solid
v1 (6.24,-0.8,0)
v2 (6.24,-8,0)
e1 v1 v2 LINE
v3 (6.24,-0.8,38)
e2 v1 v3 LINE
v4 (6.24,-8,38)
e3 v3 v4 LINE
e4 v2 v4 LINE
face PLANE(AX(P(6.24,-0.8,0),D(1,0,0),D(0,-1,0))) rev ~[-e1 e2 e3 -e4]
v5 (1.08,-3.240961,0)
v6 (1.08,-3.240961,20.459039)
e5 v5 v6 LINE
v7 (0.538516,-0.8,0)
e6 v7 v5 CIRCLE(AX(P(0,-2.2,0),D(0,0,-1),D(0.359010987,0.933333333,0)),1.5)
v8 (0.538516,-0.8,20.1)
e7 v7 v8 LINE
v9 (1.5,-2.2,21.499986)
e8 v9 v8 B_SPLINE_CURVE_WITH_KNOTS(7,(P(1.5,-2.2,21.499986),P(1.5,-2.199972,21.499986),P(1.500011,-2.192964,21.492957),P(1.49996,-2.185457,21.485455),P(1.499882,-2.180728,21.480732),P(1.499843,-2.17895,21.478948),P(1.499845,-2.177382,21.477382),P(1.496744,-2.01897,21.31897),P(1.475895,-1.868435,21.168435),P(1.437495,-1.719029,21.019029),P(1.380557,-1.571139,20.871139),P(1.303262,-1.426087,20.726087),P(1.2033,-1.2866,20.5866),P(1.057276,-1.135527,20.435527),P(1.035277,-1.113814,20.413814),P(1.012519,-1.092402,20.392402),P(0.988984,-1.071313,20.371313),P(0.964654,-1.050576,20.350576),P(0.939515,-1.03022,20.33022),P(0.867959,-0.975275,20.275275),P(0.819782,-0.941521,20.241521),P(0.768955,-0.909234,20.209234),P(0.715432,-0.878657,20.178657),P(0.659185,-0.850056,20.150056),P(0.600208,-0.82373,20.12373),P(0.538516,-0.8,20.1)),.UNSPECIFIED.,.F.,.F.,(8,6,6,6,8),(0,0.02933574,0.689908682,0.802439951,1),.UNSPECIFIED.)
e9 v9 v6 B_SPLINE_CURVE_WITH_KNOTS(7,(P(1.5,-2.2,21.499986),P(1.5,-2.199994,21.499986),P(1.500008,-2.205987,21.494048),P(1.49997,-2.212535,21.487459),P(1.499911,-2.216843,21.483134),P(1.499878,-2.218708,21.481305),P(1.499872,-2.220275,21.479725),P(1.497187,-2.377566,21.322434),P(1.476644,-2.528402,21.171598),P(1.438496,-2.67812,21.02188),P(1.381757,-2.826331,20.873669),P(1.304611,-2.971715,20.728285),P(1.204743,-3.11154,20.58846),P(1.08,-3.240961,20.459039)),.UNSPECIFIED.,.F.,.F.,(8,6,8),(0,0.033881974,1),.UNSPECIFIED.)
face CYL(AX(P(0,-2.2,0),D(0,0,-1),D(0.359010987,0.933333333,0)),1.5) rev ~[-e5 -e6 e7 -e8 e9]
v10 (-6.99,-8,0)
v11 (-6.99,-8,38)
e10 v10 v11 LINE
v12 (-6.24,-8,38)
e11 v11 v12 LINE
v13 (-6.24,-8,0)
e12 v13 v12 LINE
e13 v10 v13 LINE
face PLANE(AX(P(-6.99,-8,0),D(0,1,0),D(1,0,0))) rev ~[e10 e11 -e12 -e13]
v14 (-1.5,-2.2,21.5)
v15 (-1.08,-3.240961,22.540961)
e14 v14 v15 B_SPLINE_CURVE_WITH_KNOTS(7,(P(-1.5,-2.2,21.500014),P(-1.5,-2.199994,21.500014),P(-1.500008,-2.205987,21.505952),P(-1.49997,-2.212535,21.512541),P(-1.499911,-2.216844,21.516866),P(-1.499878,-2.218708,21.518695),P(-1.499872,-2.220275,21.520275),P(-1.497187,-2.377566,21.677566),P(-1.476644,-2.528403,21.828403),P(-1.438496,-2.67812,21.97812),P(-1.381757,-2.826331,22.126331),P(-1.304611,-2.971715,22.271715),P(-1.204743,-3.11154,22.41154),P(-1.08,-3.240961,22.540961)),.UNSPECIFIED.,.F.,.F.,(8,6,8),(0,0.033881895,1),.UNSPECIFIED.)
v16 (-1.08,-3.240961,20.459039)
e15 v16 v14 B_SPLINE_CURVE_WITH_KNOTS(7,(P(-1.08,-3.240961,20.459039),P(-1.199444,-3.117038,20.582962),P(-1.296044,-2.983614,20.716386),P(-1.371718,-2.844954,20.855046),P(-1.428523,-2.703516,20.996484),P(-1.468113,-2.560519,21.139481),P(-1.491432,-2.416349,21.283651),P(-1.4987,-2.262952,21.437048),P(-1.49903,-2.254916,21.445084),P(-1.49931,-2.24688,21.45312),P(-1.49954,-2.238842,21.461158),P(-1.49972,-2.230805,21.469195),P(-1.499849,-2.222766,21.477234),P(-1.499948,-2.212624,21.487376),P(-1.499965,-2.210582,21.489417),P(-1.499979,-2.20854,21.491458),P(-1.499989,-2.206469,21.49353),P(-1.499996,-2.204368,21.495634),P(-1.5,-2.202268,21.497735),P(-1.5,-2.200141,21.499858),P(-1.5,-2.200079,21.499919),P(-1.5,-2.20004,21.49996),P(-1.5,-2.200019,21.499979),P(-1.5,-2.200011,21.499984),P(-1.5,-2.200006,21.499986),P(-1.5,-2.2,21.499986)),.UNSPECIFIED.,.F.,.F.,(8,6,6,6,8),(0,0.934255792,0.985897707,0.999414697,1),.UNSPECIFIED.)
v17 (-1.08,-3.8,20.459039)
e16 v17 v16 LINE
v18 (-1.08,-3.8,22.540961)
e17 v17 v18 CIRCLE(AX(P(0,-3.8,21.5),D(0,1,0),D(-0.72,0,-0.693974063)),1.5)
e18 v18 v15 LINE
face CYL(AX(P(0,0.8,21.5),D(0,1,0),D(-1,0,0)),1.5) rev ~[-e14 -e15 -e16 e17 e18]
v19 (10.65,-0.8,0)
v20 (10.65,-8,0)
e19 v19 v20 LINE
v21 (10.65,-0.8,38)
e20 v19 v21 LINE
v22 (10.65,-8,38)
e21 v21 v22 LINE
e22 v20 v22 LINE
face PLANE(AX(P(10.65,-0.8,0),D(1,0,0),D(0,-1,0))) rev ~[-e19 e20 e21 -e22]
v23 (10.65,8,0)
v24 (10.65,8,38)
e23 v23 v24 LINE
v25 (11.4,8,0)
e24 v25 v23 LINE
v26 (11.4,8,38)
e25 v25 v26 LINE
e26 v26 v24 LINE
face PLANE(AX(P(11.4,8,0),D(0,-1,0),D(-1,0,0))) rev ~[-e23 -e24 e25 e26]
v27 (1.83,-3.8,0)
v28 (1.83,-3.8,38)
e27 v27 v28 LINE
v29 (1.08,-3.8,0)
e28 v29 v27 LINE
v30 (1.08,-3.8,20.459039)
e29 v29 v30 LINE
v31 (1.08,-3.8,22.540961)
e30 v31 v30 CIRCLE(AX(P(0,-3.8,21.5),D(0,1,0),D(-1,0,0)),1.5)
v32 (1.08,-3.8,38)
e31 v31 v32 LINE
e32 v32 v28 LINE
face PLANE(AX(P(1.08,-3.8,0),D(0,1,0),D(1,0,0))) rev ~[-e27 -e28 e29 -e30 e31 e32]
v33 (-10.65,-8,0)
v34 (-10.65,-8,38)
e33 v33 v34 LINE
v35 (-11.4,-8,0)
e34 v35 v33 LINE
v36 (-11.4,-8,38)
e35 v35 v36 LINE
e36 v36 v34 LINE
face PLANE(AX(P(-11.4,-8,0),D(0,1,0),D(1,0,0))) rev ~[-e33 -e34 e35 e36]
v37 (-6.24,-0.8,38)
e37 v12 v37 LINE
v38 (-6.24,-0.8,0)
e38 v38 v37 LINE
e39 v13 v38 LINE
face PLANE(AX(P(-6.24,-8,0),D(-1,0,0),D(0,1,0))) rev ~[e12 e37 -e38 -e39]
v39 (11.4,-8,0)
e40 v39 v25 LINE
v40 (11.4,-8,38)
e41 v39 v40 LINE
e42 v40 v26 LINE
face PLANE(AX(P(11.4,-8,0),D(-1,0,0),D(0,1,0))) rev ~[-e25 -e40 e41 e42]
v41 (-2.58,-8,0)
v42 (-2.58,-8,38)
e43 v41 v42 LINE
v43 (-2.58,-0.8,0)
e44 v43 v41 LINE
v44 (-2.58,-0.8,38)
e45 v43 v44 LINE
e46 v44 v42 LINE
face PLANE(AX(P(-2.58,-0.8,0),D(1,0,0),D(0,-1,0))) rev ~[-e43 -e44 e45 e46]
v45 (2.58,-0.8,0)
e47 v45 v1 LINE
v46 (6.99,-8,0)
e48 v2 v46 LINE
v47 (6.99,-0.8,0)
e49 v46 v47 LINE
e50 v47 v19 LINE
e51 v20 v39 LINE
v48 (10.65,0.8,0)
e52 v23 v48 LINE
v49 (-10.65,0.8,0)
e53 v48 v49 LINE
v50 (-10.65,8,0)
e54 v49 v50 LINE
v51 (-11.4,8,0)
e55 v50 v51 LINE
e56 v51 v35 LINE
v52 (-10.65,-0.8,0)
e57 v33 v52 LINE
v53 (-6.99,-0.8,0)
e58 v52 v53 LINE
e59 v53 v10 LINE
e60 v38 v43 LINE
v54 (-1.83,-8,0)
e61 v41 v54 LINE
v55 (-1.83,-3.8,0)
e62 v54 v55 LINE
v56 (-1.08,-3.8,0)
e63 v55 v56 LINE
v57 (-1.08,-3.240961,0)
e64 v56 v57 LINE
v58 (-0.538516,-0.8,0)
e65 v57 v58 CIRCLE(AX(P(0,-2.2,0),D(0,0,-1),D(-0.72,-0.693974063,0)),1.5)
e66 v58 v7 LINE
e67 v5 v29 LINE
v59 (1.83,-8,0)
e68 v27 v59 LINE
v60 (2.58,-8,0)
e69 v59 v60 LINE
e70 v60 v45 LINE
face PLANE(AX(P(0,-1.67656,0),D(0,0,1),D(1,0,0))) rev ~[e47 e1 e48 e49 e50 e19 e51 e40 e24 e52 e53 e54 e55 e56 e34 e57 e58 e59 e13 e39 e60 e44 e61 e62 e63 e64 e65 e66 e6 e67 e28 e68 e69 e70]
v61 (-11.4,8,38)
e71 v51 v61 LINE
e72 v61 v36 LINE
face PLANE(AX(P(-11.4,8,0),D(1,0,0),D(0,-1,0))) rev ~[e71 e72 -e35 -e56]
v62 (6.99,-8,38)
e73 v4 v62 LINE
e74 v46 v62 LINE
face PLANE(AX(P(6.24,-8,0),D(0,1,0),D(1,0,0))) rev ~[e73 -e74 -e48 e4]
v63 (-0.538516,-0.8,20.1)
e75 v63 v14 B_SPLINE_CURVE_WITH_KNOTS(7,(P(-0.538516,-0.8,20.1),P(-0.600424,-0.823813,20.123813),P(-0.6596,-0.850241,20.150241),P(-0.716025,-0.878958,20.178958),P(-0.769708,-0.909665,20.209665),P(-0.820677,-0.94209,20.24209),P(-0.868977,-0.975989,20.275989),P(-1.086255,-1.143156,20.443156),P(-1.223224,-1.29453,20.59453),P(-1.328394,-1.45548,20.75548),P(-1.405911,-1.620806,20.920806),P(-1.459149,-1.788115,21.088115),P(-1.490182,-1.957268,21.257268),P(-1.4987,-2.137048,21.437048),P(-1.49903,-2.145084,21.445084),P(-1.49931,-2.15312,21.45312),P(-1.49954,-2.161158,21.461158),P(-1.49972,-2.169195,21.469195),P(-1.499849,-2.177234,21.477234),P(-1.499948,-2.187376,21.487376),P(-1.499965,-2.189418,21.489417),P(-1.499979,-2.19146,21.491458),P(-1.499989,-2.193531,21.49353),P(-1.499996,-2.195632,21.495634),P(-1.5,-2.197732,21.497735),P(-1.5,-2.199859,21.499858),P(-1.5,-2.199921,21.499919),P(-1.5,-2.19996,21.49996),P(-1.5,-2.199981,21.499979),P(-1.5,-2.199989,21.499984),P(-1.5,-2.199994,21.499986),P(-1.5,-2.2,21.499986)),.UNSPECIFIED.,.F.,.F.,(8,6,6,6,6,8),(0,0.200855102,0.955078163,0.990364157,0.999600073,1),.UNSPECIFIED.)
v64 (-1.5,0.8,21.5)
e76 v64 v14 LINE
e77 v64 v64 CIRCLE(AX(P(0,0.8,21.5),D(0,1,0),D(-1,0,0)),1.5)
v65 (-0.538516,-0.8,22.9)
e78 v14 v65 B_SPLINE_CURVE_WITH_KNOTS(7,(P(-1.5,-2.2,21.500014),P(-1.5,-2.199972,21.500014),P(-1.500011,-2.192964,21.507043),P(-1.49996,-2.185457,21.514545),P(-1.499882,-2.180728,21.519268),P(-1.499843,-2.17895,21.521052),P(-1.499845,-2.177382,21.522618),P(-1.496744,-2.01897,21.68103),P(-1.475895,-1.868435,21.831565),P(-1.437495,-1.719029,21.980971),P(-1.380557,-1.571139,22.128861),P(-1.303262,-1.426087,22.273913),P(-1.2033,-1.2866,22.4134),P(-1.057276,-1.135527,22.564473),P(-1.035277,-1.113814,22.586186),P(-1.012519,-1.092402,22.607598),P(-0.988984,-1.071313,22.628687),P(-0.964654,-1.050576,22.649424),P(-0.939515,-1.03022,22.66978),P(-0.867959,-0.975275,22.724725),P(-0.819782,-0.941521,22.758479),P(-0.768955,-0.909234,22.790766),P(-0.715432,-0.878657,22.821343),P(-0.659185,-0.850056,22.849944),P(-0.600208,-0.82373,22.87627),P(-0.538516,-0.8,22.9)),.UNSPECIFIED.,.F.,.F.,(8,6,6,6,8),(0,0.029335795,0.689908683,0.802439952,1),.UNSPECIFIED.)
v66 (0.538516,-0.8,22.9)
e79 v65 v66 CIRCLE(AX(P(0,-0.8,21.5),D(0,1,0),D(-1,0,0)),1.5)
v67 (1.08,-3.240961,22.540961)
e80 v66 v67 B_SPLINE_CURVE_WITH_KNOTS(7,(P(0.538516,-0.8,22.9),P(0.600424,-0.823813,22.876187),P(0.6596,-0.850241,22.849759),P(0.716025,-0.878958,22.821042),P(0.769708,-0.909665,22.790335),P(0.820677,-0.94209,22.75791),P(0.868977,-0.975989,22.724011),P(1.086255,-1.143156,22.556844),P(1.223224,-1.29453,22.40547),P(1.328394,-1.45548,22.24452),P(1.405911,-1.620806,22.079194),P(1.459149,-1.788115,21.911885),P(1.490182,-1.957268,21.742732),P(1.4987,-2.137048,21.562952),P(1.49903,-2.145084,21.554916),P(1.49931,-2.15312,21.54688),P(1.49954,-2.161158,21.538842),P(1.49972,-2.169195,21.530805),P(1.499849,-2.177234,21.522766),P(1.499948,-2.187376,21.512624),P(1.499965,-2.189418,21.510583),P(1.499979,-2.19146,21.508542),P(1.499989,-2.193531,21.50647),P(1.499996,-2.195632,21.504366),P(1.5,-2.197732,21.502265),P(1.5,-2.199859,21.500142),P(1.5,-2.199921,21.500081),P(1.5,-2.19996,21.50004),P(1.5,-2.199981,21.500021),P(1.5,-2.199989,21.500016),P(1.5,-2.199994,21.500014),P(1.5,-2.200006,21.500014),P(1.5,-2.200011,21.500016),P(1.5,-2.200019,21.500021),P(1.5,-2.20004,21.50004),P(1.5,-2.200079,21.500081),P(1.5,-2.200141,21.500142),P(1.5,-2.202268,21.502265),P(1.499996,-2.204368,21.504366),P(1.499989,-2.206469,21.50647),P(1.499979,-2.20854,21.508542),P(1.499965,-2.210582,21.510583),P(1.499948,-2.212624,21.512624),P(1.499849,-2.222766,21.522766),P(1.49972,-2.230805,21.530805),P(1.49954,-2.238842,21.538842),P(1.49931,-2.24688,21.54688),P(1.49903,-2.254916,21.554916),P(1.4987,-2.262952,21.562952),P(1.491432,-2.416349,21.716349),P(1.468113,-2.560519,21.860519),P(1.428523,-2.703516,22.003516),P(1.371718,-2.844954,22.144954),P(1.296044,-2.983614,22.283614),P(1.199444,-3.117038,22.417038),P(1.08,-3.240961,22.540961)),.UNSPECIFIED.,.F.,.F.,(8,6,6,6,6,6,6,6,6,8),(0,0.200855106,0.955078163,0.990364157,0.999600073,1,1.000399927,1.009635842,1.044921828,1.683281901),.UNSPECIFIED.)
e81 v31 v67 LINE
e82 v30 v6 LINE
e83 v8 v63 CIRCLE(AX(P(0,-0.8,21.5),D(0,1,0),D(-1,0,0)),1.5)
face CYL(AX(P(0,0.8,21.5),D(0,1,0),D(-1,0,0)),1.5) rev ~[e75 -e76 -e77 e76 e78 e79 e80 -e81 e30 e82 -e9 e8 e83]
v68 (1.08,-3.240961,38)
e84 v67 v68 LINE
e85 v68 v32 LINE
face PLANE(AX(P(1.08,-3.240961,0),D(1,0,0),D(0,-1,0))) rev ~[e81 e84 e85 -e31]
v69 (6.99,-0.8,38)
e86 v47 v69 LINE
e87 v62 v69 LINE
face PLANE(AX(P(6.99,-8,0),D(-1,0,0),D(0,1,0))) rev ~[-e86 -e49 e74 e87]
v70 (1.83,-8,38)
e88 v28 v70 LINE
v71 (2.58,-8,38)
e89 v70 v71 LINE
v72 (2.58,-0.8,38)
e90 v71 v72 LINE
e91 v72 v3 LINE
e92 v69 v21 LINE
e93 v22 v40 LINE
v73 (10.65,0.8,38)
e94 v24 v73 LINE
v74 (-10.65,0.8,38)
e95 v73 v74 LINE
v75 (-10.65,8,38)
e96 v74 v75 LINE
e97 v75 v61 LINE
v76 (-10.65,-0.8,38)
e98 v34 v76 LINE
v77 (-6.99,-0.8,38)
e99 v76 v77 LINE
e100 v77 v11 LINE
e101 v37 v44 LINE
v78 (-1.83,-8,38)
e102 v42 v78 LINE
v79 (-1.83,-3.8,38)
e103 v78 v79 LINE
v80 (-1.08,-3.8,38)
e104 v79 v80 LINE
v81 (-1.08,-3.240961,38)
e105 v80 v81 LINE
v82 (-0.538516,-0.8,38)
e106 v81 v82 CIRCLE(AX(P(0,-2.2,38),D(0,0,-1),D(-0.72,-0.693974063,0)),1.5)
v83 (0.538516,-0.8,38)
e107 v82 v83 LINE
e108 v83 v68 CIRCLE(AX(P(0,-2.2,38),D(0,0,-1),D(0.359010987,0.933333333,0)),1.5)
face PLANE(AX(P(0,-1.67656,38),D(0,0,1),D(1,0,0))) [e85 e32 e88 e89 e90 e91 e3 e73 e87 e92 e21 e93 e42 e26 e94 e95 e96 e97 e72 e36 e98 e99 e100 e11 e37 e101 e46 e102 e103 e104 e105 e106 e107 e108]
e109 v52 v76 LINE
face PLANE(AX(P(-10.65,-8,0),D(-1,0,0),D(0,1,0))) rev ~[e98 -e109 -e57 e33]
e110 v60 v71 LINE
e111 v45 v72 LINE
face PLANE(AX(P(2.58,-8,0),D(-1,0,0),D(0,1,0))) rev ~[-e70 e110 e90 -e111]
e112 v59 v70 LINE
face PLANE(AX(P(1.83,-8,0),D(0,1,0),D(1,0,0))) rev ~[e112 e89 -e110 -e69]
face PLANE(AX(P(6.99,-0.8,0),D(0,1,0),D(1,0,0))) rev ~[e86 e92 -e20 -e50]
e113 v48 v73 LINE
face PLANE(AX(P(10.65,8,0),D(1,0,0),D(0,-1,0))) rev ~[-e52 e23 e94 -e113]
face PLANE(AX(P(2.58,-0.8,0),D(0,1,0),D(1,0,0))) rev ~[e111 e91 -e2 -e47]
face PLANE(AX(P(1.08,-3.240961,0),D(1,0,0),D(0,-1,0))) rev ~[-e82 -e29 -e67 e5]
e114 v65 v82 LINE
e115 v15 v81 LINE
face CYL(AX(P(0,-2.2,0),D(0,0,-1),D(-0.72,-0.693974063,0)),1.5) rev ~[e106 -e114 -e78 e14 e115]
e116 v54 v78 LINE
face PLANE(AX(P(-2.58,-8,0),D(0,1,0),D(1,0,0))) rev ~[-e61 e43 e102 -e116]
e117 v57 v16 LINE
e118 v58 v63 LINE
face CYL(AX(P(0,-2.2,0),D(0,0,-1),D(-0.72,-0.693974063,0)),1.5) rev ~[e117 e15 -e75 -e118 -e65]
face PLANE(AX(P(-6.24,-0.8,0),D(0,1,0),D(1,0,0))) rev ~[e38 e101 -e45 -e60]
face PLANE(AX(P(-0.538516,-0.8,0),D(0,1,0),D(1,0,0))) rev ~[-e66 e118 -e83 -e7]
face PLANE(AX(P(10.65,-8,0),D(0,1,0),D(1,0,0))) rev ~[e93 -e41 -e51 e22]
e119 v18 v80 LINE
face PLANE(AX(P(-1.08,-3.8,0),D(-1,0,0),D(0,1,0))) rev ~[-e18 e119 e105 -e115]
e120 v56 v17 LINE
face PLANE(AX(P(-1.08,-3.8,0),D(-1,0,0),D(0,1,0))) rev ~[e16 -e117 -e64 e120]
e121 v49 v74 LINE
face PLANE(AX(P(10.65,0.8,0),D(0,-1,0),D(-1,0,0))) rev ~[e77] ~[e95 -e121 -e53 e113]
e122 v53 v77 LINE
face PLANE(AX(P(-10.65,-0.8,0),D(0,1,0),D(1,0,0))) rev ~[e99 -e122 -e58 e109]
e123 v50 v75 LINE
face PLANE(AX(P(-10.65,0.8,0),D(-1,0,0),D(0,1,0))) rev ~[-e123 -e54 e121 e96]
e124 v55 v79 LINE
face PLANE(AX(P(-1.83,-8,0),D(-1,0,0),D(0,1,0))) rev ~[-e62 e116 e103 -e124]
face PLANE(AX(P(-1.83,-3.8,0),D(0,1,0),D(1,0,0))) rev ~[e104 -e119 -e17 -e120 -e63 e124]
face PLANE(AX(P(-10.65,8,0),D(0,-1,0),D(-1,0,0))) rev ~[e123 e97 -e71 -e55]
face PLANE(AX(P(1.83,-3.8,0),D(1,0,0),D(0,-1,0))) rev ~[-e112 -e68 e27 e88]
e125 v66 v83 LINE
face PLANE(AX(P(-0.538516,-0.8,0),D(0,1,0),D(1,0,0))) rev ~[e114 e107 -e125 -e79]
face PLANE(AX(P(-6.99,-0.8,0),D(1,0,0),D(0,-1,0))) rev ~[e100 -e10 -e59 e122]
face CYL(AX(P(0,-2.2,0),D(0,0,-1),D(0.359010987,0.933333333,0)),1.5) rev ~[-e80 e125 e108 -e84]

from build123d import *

# Parameters (mm, degrees)
BOSS_EXTRUDE1_DEPTH = 38
SKETCH2_R           = 1.5
CUT_EXTRUDE1_DEPTH  = 11


with BuildPart() as part:
    # Sketch1 → Boss-Extrude1 (new body)
    with BuildSketch(Plane.XY):
        with BuildLine():
            Line((10.65, -8), (11.4, -8))
            Line((11.4, -8), (11.4, 8))
            Line((11.4, 8), (10.65, 8))
            Line((10.65, 8), (10.65, 0.8))
            Line((10.65, 0.8), (-10.65, 0.8))
            Line((-10.65, 0.8), (-10.65, 8))
            Line((-10.65, 8), (-11.4, 8))
            Line((-11.4, 8), (-11.4, -8))
            Line((-11.4, -8), (-10.65, -8))
            Line((-10.65, -8), (-10.65, -0.8))
            Line((-10.65, -0.8), (-6.99, -0.8))
            Line((-6.99, -0.8), (-6.99, -8))
            Line((-6.99, -8), (-6.24, -8))
            Line((-6.24, -8), (-6.24, -0.8))
            Line((-6.24, -0.8), (-2.58, -0.8))
            Line((-2.58, -0.8), (-2.58, -8))
            Line((-2.58, -8), (-1.83, -8))
            Line((-1.83, -8), (-1.83, -3.8))
            Line((-1.83, -3.8), (-1.83, -0.8))
            Line((-1.83, -0.8), (-0.538516481, -0.8))
            ThreePointArc((-0.538516481, -0.8), (0, -0.7), (0.538516481, -0.8))
            Line((0.538516481, -0.8), (1.83, -0.8))
            Line((1.83, -0.8), (1.83, -3.8))
            Line((1.83, -3.8), (1.83, -8))
            Line((1.83, -8), (2.58, -8))
            Line((2.58, -8), (2.58, -0.8))
            Line((2.58, -0.8), (6.24, -0.8))
            Line((6.24, -0.8), (6.24, -8))
            Line((6.24, -8), (6.99, -8))
            Line((6.99, -8), (6.99, -0.8))
            Line((6.99, -0.8), (10.65, -0.8))
            Line((10.65, -0.8), (10.65, -8))
        make_face()
        with BuildLine():
            Line((-1.83, -0.8), (-1.83, -3.8))
            Line((-1.83, -3.8), (-1.08, -3.8))
            Line((-1.08, -3.8), (-1.08, -3.240961094))
            ThreePointArc((-1.08, -3.240961094), (-1.46440147, -1.87514875), (-0.538516481, -0.8))
            Line((-0.538516481, -0.8), (-1.83, -0.8))
        make_face()
        with BuildLine():
            Line((-0.538516481, -0.8), (0.538516481, -0.8))
            ThreePointArc((0.538516481, -0.8), (0, -0.7), (-0.538516481, -0.8))
        make_face()
        with BuildLine():
            Line((1.08, -3.8), (1.83, -3.8))
            Line((1.83, -3.8), (1.83, -0.8))
            Line((1.83, -0.8), (0.538516481, -0.8))
            ThreePointArc((0.538516481, -0.8), (1.46440147, -1.87514875), (1.08, -3.240961094))
            Line((1.08, -3.240961094), (1.08, -3.8))
        make_face()
    extrude(amount=BOSS_EXTRUDE1_DEPTH)

    # Sketch2 → Cut-Extrude1 (cut)
    with BuildSketch(Plane(origin=(0, 0.8, 0), x_dir=(1, 0, 0), z_dir=(0, 1, 0))):
        with Locations(Location((0, -21.5, 0), (0, 0, 180))):
            Circle(SKETCH2_R)
    extrude(amount=-CUT_EXTRUDE1_DEPTH, mode=Mode.SUBTRACT)


solid = part.part
